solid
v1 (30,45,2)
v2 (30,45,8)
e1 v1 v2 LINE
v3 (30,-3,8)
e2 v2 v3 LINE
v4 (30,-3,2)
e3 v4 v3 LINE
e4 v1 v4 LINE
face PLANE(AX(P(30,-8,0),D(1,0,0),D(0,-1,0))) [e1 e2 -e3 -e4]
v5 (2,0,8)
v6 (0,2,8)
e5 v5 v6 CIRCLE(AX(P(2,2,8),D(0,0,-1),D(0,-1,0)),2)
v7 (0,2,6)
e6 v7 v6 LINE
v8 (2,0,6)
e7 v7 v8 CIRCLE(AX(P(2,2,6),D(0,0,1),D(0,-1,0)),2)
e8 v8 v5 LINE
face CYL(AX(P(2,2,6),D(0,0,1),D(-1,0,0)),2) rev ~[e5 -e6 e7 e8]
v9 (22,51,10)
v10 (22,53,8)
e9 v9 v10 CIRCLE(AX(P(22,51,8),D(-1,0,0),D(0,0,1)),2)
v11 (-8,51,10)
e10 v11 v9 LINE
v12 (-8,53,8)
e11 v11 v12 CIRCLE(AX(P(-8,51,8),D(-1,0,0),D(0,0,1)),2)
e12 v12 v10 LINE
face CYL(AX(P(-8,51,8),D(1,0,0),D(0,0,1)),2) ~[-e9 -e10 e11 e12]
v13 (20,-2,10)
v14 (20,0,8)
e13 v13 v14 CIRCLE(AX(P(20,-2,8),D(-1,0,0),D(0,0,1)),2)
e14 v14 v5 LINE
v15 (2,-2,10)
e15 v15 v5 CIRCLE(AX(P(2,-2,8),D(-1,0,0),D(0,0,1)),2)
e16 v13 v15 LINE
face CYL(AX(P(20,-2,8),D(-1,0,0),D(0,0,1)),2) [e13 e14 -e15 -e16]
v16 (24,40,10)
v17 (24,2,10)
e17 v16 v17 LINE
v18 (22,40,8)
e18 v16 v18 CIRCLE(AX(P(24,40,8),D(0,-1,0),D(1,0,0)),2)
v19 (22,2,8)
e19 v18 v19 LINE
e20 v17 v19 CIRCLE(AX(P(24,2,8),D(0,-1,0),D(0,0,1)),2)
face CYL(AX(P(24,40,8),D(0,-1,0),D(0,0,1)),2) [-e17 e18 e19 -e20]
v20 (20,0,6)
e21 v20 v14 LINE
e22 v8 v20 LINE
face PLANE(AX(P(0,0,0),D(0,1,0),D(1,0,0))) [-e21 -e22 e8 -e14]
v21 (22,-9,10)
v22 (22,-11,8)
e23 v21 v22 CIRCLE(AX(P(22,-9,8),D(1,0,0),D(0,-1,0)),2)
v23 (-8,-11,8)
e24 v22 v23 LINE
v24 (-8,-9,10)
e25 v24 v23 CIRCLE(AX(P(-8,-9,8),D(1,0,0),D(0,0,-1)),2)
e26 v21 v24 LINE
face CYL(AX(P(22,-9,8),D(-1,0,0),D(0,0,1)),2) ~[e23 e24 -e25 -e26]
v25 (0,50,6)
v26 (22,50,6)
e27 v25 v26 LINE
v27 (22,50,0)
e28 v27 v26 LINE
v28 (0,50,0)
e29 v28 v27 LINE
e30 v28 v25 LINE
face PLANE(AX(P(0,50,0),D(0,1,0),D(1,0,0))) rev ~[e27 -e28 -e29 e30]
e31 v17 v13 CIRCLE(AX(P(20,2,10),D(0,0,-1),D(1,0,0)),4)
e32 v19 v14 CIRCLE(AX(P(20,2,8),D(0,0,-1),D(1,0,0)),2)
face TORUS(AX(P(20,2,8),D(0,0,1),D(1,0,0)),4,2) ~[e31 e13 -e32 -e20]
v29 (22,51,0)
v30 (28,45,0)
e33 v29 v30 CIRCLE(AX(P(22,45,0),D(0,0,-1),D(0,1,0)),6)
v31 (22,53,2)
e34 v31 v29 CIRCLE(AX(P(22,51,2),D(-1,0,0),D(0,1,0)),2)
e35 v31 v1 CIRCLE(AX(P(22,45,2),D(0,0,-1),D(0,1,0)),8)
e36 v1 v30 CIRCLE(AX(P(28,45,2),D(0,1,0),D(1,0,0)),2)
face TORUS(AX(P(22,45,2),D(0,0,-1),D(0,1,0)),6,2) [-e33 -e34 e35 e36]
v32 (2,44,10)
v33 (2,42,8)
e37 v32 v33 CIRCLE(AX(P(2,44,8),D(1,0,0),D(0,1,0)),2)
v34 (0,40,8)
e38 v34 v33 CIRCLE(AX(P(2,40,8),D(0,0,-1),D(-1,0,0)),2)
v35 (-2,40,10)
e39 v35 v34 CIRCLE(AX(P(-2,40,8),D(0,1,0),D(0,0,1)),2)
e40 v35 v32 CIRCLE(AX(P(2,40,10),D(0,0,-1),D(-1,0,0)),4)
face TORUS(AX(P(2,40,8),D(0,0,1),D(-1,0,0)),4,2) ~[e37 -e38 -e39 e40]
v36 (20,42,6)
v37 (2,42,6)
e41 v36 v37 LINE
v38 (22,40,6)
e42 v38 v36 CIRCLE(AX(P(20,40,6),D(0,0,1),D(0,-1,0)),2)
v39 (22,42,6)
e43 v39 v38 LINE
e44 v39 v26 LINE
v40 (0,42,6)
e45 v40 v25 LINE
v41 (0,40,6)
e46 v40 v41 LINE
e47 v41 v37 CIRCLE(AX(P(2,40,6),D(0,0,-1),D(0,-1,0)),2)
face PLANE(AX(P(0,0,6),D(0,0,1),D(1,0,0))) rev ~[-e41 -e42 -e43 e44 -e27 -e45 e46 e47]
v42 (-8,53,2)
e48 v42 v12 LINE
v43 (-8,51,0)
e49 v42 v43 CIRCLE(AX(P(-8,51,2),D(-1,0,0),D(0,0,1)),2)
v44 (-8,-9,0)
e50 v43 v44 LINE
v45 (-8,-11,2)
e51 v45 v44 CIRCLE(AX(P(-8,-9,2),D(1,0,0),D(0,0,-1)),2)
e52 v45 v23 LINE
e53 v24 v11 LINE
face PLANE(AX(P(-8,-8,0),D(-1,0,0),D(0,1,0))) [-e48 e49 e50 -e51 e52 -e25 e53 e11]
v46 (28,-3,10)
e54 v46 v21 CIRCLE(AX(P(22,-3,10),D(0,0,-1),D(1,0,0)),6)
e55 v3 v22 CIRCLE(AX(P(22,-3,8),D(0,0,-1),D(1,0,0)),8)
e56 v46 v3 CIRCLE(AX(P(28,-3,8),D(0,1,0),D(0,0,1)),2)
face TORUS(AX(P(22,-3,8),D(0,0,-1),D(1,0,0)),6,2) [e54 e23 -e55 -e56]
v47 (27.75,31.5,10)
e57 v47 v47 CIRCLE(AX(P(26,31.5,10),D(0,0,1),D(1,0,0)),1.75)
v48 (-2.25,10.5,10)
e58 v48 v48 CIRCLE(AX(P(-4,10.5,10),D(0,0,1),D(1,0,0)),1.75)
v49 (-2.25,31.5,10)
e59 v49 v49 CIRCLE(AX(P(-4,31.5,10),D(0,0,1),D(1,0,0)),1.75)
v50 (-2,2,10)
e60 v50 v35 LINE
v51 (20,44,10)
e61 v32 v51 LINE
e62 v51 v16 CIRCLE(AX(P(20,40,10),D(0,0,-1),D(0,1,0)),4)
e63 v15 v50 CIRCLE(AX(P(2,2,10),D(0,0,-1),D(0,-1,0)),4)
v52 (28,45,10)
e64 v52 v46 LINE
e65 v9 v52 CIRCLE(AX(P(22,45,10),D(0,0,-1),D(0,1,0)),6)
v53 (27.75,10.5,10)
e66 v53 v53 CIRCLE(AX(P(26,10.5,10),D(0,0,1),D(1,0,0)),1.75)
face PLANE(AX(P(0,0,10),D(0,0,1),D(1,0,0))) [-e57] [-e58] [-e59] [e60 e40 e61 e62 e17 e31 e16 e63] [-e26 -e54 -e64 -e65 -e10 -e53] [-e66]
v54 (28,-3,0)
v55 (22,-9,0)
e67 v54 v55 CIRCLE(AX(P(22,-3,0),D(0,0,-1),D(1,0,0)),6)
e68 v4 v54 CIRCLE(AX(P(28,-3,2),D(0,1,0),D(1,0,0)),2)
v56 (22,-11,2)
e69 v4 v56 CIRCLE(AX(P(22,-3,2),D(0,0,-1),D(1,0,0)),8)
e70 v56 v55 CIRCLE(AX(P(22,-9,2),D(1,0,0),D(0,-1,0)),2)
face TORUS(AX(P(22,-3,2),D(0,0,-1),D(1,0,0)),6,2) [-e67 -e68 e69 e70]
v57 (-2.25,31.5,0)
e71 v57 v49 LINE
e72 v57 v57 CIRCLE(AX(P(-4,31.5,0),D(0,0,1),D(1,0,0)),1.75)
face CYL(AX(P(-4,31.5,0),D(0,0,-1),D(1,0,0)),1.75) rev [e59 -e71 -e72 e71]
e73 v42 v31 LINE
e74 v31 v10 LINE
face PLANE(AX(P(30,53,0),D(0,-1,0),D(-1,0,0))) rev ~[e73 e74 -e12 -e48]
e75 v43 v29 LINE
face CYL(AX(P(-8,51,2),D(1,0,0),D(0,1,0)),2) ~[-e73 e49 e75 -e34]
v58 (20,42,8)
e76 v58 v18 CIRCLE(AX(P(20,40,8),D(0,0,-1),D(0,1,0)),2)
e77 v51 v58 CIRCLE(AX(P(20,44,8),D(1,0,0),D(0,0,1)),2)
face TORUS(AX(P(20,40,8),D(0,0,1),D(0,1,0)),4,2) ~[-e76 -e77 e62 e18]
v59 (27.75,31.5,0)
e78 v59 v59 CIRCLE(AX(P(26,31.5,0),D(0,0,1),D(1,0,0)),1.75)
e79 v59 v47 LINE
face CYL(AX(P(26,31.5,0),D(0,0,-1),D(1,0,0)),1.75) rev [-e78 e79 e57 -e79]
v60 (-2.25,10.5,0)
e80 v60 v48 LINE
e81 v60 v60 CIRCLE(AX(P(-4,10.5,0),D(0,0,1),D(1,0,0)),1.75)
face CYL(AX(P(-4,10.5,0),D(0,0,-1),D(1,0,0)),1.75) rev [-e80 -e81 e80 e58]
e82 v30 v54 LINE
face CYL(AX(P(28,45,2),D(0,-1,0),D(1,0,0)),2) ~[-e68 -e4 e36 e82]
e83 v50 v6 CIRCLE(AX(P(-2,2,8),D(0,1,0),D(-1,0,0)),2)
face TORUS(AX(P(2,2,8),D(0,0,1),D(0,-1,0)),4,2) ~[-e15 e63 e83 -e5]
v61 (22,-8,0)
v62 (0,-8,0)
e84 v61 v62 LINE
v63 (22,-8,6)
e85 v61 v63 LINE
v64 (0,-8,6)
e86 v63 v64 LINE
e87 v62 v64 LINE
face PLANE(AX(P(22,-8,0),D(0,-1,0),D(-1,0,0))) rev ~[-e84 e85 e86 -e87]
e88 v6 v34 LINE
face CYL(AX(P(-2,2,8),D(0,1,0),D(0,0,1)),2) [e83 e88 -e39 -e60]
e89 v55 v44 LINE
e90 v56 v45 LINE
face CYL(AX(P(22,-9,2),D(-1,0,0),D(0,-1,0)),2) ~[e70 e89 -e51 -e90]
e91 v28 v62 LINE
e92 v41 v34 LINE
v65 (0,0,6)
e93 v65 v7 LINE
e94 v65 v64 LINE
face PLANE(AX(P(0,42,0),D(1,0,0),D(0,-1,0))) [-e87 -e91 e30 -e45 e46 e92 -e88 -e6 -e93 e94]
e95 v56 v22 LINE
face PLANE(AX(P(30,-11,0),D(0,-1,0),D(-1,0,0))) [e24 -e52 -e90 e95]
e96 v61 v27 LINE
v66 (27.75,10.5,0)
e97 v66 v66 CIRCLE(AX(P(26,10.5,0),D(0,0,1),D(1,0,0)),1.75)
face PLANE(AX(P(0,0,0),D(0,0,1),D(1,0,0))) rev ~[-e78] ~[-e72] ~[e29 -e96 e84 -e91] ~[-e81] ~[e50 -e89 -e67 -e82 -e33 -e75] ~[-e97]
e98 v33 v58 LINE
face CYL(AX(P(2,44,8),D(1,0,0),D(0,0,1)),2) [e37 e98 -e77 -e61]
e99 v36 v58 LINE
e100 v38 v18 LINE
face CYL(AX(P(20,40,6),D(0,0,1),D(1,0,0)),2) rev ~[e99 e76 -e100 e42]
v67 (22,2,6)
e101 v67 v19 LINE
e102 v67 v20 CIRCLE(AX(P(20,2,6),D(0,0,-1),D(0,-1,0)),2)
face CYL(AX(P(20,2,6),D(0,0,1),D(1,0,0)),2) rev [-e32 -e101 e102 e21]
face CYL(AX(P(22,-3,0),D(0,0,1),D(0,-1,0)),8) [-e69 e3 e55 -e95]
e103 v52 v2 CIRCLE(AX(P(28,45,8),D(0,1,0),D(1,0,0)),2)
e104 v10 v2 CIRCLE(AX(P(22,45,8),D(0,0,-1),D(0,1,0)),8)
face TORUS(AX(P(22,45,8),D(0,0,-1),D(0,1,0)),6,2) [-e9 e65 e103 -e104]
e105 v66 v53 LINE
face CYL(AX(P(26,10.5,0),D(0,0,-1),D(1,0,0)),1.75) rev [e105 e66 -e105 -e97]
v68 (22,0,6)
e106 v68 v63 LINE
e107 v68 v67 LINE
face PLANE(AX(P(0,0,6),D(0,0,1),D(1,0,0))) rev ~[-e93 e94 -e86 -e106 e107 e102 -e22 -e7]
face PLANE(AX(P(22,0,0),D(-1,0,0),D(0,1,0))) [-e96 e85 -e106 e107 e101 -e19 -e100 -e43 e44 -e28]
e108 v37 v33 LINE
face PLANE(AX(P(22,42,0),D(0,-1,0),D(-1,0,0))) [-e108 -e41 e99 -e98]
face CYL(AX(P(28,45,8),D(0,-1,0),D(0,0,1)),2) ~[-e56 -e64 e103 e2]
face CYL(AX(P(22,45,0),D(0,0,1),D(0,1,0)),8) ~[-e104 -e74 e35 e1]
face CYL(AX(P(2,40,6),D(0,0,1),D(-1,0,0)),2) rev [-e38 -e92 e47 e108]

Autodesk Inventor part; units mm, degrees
ref_plane "YZ Plane" through (0, 0, 0) normal (1, 0, 0) x (0, 1, 0)
ref_plane "XZ Plane" through (0, 0, 0) normal (0, 1, 0) x (-1, 0, 0)
ref_plane "XY Plane" through (0, 0, 0) normal (0, 0, 1) x (1, 0, 0)
sketch "Sketch1" plane through (0, 0, 0) normal (0, 0, 1) x (1, 0, 0)
  line L0 (0, 0) -> (22, 0)
  line L1 (22, 0) -> (22, 42)
  line L2 (22, 42) -> (0, 42)
  line L3 (0, 42) -> (0, 0)
  line L4 (-8, 50) -> (30, 50)
  line L5 (30, 50) -> (30, -8)
  line L6 (30, -8) -> (-8, -8)
  line L7 (-8, -8) -> (-8, 50)
  line L8 (0, 21) -> (22, 21) construction
  line L9 (11, 0) -> (11, 42) construction
  circle A0 centre (26, 10.5) radius 1.75
  circle A1 centre (26, 31.5) radius 1.75
  circle A2 centre (-4, 10.5) radius 1.75
  circle A3 centre (-4, 31.5) radius 1.75
  line L10 (0, 50) -> (22, 50)
  line L11 (22, 42) -> (0, 42)
  line L12 (0, 0) -> (22, 0)
  line L13 (22, -8) -> (0, -8)
  line L14 (5.4779, 42) -> (18.0265, 42)
  line L15 (5.4779, 0) -> (19.7232, 0)
  line L16 (0, 42) -> (0, 50)
  line L17 (22, 42) -> (22, 50)
  line L18 (0, 0) -> (0, -8)
  line L19 (22, 0) -> (22, -8)
  line L20 (-8, 50) -> (30, 50)
  line L21 (30, 50) -> (30, 53)
  line L22 (30, 53) -> (-8, 53)
  line L23 (-8, 53) -> (-8, 50)
  line L24 (-8, -8) -> (30, -8)
  line L25 (30, -8) -> (30, -11)
  line L26 (30, -11) -> (-8, -11)
  line L27 (-8, -11) -> (-8, -8)
  dimension "d0" = 42
  dimension "d2" = 8
  dimension "d3" = 3.5
  dimension "d4" = 10.5
  dimension "d5" = 4
  dimension "d6" = 8
  dimension "d15" = 22
  dimension "d16" = 22
  dimension "d17" = 22
  dimension "d18" = 3
  dimension "d19" = 38
  dimension "d20" = 38
  dimension "d21" = 3
extrude "Extrusion1" add sketch "Sketch1" along normal blind 10 contours L18 L6 L7 L4 L16 L3 | L0 L19 L6 L18 | L16 L4 L17 L2 | L6 L25 L26 L27 | L4 L23 L22 L21 | L19 L1 L17 L4 L5 L6
extrude "Extrusion2" cut sketch "Sketch1" along normal blind 6 contours L0 L19 L6 L18 | L16 L4 L17 L2
fillet "Fillet1" radius 8 2 edges at (30, -11, 5) (30, 53, 5)
fillet "Fillet2" radius 2 4 edges at (0, 42, 8) (0, 0, 8) (22, 0, 8) (22, 42, 8)
fillet "Fillet3" radius 2 12 edges at (27.6569, 50.6569, 10) (27.6569, -8.6569, 10) (7, -11, 10) (7, 53, 10) (27.6569, 50.6569, 0) (27.6569, -8.6569, 0) (7, -11, 0) (7, 53, 0) (11, 0, 10) (0, 21, 10) (11, 42, 10) (22, 21, 10)
equation "\"d0\" = MOUNT_LENGTH"
equation "\"d2\" = MOUNT_THICKNESS"
equation "\"d3\" = ThroughDiameter"
equation "\"d4\" = 0.25 * MOUNT_LENGTH"
equation "\"d5\" = 0.5 * MOUNT_THICKNESS"
equation "\"d15\" = MOUNT_WIDTH"
equation "\"d18\" = -0.5 * MOUNT_LENGTH + 0.5 * COXA_JOINT_LENGTH"
equation "\"d19\" = MOUNT_WIDTH + 2 * MOUNT_THICKNESS"
equation "\"d20\" = MOUNT_WIDTH + 2 * MOUNT_THICKNESS"
equation "\"d21\" = -0.5 * MOUNT_LENGTH + 0.5 * COXA_JOINT_LENGTH"
equation "\"d22\" = OUTER_FILLET"
equation "\"d13\" = INNER_FILLET"
equation "\"d23\" = INNER_FILLET"
equation "\"ThroughDiameter\" = 3.5"
equation "\"MOUNT_LENGTH\" = 42"
equation "\"MOUNT_THICKNESS\" = 8"
equation "\"MOUNT_WIDTH\" = 22"
equation "\"COXA_JOINT_LENGTH\" = 48"
equation "\"OUTER_FILLET\" = 8"
equation "\"INNER_FILLET\" = 2"
properties part number "CoxaLeft"
